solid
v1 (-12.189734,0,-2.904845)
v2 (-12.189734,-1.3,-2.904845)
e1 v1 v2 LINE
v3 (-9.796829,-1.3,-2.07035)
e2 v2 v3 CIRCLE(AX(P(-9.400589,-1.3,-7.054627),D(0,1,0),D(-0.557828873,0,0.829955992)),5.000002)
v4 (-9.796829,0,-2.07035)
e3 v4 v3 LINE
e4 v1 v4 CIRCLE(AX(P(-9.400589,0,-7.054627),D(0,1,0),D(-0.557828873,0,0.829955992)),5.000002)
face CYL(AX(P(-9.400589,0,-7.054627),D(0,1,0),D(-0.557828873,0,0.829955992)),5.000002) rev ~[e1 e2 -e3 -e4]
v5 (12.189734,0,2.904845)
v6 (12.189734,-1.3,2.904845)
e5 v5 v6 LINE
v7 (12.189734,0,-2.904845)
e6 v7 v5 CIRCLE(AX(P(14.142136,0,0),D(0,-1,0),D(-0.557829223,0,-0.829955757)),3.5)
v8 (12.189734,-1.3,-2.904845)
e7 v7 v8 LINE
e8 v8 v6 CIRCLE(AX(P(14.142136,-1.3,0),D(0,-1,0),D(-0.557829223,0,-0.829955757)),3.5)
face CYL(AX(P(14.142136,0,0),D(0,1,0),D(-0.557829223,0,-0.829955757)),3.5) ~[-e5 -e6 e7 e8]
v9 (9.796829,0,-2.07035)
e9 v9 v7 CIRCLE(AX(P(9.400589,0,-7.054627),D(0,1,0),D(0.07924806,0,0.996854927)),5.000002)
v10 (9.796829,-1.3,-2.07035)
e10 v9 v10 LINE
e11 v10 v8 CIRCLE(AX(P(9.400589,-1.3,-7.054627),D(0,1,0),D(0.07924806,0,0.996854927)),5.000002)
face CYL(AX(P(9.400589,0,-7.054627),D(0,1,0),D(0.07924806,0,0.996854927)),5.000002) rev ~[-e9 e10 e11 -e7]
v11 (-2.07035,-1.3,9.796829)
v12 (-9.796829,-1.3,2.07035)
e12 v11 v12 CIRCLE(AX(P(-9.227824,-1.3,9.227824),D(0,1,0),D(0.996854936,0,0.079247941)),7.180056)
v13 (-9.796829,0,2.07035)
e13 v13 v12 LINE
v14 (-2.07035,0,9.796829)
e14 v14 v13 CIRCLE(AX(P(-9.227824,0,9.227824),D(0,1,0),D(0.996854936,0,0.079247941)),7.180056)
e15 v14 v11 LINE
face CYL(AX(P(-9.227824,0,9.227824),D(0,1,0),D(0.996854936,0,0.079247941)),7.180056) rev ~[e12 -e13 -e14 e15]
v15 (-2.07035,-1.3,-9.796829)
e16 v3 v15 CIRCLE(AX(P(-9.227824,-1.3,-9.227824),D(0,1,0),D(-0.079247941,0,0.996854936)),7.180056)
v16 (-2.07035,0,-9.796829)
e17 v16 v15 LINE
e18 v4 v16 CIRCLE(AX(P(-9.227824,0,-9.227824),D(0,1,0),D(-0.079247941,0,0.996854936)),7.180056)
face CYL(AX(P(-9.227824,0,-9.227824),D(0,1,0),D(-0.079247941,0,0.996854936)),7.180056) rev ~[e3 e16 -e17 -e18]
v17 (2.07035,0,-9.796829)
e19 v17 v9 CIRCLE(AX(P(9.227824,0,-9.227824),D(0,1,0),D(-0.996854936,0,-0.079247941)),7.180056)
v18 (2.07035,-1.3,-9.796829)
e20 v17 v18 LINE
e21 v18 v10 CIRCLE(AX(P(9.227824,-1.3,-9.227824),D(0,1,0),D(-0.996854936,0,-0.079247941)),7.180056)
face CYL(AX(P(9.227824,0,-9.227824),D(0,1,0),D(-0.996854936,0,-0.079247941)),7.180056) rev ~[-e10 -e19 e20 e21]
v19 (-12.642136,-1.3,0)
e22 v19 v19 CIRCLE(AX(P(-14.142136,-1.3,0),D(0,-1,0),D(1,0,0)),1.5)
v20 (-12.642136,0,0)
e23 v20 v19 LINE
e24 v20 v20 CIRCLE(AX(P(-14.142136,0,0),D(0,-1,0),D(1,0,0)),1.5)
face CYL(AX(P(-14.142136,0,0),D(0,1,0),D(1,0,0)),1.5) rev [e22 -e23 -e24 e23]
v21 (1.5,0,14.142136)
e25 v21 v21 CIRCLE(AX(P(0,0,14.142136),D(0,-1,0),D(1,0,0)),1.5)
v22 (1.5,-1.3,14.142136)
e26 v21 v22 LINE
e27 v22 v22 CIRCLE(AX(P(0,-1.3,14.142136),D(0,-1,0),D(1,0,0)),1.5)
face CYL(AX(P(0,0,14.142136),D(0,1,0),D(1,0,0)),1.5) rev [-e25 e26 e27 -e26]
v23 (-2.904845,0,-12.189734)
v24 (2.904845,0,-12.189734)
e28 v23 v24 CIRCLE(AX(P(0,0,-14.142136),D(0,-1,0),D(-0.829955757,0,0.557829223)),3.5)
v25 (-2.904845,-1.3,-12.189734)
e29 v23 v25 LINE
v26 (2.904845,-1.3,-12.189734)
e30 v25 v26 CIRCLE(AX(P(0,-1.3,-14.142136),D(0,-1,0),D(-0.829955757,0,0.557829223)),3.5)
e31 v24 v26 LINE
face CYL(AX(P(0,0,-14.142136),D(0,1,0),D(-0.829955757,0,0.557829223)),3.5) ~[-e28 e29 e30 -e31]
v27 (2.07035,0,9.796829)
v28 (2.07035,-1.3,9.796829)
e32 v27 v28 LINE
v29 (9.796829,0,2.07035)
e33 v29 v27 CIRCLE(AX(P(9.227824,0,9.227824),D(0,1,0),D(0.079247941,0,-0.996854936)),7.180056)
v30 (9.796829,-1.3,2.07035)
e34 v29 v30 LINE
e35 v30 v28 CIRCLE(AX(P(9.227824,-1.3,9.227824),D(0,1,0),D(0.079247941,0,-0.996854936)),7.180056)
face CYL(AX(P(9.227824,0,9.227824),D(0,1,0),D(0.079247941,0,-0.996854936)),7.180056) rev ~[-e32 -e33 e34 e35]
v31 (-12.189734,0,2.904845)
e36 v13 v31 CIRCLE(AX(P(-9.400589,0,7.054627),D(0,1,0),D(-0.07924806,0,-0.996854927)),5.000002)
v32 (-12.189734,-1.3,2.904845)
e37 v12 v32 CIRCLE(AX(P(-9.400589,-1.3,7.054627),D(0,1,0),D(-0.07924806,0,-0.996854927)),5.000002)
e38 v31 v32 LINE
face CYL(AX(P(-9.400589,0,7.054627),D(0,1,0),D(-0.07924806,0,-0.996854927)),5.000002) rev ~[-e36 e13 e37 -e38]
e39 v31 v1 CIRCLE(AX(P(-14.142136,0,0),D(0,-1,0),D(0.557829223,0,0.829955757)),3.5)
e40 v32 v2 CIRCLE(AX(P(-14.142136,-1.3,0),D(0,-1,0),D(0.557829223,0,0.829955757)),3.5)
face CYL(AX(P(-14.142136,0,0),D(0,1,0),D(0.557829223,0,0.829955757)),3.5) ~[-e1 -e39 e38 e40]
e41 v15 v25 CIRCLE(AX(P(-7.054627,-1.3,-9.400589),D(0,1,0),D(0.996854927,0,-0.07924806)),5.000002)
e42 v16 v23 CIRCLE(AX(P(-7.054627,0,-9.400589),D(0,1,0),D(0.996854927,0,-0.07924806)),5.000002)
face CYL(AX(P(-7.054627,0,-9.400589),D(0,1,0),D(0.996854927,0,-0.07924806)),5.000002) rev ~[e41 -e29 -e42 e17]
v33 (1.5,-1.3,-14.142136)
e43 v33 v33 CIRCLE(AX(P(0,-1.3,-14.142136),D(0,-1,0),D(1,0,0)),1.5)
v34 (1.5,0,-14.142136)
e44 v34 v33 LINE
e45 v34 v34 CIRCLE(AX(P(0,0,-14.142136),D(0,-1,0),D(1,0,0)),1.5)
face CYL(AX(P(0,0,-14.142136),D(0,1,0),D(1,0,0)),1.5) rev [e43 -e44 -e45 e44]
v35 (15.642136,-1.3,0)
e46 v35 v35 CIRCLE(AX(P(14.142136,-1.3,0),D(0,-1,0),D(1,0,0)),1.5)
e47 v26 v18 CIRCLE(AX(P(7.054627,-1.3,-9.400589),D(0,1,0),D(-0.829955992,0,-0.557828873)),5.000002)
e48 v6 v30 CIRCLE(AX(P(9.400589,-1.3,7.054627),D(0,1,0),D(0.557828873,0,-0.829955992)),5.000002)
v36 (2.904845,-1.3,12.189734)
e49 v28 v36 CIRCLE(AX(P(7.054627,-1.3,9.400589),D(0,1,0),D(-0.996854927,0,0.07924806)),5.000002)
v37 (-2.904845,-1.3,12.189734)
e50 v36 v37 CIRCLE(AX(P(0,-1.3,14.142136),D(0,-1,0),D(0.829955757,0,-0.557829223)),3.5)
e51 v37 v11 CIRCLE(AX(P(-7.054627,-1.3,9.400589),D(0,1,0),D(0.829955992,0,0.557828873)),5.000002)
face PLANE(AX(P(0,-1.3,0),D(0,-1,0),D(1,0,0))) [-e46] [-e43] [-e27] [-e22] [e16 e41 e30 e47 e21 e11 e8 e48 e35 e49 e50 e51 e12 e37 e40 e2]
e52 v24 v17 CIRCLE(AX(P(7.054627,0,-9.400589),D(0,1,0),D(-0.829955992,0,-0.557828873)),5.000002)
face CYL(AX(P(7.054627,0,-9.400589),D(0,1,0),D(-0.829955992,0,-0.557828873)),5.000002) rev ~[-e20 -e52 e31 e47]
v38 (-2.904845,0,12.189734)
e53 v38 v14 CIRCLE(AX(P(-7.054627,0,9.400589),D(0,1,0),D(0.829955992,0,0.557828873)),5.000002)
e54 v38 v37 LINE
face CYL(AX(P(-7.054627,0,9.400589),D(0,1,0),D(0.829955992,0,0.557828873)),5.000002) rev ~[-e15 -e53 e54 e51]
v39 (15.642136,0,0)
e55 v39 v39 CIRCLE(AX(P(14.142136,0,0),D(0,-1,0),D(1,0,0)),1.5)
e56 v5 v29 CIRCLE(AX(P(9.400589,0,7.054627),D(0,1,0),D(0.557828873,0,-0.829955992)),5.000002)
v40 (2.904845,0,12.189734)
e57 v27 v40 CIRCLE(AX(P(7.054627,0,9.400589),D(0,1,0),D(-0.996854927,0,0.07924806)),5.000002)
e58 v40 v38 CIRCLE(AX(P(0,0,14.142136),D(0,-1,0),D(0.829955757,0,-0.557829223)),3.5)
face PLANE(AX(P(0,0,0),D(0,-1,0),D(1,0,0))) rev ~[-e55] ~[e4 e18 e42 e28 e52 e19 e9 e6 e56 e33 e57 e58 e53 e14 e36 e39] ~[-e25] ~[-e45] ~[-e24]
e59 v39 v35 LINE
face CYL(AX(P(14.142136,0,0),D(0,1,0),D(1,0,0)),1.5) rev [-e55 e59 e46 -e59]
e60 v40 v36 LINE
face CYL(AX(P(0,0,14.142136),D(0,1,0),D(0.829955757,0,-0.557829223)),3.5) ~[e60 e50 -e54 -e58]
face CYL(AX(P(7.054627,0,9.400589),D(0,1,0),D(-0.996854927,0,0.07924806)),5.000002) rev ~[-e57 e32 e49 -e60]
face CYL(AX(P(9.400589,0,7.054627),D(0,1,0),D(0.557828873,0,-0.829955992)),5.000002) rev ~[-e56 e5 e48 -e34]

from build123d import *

# Parameters (mm, degrees)
F0_R     = 1.5
F1_DEPTH = 1.3


with BuildPart() as f1:
    # F0 (on Front) → F1 (new body)
    with BuildSketch(Plane.XZ):
        with BuildLine():
            ThreePointArc((-9.796829, 2.07035), (-11.047029, 2.333477), (-12.189734, 2.904845))
            ThreePointArc((-12.189734, 2.904845), (-17.642136, 0), (-12.189734, -2.904845))
            ThreePointArc((-12.189734, -2.904845), (-11.047029, -2.333477), (-9.796829, -2.07035))
            ThreePointArc((-9.796829, -2.07035), (-4.150758, -4.150758), (-2.07035, -9.796829))
            ThreePointArc((-2.07035, -9.796829), (-2.333477, -11.047029), (-2.904845, -12.189734))
            ThreePointArc((-2.904845, -12.189734), (0, -17.642136), (2.904845, -12.189734))
            ThreePointArc((2.904845, -12.189734), (2.333477, -11.047029), (2.07035, -9.796829))
            ThreePointArc((2.07035, -9.796829), (4.150758, -4.150758), (9.796829, -2.07035))
            ThreePointArc((9.796829, -2.07035), (11.047029, -2.333477), (12.189734, -2.904845))
            ThreePointArc((12.189734, -2.904845), (17.642136, 0), (12.189734, 2.904845))
            ThreePointArc((12.189734, 2.904845), (11.047029, 2.333477), (9.796829, 2.07035))
            ThreePointArc((9.796829, 2.07035), (4.150758, 4.150758), (2.07035, 9.796829))
            ThreePointArc((2.07035, 9.796829), (2.333477, 11.047029), (2.904845, 12.189734))
            ThreePointArc((2.904845, 12.189734), (0, 17.642136), (-2.904845, 12.189734))
            ThreePointArc((-2.904845, 12.189734), (-2.333477, 11.047029), (-2.07035, 9.796829))
            ThreePointArc((-2.07035, 9.796829), (-4.150758, 4.150758), (-9.796829, 2.07035))
        make_face()
        with Locations((0, -14.142136)):
            Circle(F0_R, mode=Mode.SUBTRACT)
        with Locations((-14.142136, 0)):
            Circle(F0_R, mode=Mode.SUBTRACT)
        with Locations((14.142136, 0)):
            Circle(F0_R, mode=Mode.SUBTRACT)
        with Locations((0, 14.142136)):
            Circle(F0_R, mode=Mode.SUBTRACT)
    extrude(amount=F1_DEPTH)


solid = f1.part
